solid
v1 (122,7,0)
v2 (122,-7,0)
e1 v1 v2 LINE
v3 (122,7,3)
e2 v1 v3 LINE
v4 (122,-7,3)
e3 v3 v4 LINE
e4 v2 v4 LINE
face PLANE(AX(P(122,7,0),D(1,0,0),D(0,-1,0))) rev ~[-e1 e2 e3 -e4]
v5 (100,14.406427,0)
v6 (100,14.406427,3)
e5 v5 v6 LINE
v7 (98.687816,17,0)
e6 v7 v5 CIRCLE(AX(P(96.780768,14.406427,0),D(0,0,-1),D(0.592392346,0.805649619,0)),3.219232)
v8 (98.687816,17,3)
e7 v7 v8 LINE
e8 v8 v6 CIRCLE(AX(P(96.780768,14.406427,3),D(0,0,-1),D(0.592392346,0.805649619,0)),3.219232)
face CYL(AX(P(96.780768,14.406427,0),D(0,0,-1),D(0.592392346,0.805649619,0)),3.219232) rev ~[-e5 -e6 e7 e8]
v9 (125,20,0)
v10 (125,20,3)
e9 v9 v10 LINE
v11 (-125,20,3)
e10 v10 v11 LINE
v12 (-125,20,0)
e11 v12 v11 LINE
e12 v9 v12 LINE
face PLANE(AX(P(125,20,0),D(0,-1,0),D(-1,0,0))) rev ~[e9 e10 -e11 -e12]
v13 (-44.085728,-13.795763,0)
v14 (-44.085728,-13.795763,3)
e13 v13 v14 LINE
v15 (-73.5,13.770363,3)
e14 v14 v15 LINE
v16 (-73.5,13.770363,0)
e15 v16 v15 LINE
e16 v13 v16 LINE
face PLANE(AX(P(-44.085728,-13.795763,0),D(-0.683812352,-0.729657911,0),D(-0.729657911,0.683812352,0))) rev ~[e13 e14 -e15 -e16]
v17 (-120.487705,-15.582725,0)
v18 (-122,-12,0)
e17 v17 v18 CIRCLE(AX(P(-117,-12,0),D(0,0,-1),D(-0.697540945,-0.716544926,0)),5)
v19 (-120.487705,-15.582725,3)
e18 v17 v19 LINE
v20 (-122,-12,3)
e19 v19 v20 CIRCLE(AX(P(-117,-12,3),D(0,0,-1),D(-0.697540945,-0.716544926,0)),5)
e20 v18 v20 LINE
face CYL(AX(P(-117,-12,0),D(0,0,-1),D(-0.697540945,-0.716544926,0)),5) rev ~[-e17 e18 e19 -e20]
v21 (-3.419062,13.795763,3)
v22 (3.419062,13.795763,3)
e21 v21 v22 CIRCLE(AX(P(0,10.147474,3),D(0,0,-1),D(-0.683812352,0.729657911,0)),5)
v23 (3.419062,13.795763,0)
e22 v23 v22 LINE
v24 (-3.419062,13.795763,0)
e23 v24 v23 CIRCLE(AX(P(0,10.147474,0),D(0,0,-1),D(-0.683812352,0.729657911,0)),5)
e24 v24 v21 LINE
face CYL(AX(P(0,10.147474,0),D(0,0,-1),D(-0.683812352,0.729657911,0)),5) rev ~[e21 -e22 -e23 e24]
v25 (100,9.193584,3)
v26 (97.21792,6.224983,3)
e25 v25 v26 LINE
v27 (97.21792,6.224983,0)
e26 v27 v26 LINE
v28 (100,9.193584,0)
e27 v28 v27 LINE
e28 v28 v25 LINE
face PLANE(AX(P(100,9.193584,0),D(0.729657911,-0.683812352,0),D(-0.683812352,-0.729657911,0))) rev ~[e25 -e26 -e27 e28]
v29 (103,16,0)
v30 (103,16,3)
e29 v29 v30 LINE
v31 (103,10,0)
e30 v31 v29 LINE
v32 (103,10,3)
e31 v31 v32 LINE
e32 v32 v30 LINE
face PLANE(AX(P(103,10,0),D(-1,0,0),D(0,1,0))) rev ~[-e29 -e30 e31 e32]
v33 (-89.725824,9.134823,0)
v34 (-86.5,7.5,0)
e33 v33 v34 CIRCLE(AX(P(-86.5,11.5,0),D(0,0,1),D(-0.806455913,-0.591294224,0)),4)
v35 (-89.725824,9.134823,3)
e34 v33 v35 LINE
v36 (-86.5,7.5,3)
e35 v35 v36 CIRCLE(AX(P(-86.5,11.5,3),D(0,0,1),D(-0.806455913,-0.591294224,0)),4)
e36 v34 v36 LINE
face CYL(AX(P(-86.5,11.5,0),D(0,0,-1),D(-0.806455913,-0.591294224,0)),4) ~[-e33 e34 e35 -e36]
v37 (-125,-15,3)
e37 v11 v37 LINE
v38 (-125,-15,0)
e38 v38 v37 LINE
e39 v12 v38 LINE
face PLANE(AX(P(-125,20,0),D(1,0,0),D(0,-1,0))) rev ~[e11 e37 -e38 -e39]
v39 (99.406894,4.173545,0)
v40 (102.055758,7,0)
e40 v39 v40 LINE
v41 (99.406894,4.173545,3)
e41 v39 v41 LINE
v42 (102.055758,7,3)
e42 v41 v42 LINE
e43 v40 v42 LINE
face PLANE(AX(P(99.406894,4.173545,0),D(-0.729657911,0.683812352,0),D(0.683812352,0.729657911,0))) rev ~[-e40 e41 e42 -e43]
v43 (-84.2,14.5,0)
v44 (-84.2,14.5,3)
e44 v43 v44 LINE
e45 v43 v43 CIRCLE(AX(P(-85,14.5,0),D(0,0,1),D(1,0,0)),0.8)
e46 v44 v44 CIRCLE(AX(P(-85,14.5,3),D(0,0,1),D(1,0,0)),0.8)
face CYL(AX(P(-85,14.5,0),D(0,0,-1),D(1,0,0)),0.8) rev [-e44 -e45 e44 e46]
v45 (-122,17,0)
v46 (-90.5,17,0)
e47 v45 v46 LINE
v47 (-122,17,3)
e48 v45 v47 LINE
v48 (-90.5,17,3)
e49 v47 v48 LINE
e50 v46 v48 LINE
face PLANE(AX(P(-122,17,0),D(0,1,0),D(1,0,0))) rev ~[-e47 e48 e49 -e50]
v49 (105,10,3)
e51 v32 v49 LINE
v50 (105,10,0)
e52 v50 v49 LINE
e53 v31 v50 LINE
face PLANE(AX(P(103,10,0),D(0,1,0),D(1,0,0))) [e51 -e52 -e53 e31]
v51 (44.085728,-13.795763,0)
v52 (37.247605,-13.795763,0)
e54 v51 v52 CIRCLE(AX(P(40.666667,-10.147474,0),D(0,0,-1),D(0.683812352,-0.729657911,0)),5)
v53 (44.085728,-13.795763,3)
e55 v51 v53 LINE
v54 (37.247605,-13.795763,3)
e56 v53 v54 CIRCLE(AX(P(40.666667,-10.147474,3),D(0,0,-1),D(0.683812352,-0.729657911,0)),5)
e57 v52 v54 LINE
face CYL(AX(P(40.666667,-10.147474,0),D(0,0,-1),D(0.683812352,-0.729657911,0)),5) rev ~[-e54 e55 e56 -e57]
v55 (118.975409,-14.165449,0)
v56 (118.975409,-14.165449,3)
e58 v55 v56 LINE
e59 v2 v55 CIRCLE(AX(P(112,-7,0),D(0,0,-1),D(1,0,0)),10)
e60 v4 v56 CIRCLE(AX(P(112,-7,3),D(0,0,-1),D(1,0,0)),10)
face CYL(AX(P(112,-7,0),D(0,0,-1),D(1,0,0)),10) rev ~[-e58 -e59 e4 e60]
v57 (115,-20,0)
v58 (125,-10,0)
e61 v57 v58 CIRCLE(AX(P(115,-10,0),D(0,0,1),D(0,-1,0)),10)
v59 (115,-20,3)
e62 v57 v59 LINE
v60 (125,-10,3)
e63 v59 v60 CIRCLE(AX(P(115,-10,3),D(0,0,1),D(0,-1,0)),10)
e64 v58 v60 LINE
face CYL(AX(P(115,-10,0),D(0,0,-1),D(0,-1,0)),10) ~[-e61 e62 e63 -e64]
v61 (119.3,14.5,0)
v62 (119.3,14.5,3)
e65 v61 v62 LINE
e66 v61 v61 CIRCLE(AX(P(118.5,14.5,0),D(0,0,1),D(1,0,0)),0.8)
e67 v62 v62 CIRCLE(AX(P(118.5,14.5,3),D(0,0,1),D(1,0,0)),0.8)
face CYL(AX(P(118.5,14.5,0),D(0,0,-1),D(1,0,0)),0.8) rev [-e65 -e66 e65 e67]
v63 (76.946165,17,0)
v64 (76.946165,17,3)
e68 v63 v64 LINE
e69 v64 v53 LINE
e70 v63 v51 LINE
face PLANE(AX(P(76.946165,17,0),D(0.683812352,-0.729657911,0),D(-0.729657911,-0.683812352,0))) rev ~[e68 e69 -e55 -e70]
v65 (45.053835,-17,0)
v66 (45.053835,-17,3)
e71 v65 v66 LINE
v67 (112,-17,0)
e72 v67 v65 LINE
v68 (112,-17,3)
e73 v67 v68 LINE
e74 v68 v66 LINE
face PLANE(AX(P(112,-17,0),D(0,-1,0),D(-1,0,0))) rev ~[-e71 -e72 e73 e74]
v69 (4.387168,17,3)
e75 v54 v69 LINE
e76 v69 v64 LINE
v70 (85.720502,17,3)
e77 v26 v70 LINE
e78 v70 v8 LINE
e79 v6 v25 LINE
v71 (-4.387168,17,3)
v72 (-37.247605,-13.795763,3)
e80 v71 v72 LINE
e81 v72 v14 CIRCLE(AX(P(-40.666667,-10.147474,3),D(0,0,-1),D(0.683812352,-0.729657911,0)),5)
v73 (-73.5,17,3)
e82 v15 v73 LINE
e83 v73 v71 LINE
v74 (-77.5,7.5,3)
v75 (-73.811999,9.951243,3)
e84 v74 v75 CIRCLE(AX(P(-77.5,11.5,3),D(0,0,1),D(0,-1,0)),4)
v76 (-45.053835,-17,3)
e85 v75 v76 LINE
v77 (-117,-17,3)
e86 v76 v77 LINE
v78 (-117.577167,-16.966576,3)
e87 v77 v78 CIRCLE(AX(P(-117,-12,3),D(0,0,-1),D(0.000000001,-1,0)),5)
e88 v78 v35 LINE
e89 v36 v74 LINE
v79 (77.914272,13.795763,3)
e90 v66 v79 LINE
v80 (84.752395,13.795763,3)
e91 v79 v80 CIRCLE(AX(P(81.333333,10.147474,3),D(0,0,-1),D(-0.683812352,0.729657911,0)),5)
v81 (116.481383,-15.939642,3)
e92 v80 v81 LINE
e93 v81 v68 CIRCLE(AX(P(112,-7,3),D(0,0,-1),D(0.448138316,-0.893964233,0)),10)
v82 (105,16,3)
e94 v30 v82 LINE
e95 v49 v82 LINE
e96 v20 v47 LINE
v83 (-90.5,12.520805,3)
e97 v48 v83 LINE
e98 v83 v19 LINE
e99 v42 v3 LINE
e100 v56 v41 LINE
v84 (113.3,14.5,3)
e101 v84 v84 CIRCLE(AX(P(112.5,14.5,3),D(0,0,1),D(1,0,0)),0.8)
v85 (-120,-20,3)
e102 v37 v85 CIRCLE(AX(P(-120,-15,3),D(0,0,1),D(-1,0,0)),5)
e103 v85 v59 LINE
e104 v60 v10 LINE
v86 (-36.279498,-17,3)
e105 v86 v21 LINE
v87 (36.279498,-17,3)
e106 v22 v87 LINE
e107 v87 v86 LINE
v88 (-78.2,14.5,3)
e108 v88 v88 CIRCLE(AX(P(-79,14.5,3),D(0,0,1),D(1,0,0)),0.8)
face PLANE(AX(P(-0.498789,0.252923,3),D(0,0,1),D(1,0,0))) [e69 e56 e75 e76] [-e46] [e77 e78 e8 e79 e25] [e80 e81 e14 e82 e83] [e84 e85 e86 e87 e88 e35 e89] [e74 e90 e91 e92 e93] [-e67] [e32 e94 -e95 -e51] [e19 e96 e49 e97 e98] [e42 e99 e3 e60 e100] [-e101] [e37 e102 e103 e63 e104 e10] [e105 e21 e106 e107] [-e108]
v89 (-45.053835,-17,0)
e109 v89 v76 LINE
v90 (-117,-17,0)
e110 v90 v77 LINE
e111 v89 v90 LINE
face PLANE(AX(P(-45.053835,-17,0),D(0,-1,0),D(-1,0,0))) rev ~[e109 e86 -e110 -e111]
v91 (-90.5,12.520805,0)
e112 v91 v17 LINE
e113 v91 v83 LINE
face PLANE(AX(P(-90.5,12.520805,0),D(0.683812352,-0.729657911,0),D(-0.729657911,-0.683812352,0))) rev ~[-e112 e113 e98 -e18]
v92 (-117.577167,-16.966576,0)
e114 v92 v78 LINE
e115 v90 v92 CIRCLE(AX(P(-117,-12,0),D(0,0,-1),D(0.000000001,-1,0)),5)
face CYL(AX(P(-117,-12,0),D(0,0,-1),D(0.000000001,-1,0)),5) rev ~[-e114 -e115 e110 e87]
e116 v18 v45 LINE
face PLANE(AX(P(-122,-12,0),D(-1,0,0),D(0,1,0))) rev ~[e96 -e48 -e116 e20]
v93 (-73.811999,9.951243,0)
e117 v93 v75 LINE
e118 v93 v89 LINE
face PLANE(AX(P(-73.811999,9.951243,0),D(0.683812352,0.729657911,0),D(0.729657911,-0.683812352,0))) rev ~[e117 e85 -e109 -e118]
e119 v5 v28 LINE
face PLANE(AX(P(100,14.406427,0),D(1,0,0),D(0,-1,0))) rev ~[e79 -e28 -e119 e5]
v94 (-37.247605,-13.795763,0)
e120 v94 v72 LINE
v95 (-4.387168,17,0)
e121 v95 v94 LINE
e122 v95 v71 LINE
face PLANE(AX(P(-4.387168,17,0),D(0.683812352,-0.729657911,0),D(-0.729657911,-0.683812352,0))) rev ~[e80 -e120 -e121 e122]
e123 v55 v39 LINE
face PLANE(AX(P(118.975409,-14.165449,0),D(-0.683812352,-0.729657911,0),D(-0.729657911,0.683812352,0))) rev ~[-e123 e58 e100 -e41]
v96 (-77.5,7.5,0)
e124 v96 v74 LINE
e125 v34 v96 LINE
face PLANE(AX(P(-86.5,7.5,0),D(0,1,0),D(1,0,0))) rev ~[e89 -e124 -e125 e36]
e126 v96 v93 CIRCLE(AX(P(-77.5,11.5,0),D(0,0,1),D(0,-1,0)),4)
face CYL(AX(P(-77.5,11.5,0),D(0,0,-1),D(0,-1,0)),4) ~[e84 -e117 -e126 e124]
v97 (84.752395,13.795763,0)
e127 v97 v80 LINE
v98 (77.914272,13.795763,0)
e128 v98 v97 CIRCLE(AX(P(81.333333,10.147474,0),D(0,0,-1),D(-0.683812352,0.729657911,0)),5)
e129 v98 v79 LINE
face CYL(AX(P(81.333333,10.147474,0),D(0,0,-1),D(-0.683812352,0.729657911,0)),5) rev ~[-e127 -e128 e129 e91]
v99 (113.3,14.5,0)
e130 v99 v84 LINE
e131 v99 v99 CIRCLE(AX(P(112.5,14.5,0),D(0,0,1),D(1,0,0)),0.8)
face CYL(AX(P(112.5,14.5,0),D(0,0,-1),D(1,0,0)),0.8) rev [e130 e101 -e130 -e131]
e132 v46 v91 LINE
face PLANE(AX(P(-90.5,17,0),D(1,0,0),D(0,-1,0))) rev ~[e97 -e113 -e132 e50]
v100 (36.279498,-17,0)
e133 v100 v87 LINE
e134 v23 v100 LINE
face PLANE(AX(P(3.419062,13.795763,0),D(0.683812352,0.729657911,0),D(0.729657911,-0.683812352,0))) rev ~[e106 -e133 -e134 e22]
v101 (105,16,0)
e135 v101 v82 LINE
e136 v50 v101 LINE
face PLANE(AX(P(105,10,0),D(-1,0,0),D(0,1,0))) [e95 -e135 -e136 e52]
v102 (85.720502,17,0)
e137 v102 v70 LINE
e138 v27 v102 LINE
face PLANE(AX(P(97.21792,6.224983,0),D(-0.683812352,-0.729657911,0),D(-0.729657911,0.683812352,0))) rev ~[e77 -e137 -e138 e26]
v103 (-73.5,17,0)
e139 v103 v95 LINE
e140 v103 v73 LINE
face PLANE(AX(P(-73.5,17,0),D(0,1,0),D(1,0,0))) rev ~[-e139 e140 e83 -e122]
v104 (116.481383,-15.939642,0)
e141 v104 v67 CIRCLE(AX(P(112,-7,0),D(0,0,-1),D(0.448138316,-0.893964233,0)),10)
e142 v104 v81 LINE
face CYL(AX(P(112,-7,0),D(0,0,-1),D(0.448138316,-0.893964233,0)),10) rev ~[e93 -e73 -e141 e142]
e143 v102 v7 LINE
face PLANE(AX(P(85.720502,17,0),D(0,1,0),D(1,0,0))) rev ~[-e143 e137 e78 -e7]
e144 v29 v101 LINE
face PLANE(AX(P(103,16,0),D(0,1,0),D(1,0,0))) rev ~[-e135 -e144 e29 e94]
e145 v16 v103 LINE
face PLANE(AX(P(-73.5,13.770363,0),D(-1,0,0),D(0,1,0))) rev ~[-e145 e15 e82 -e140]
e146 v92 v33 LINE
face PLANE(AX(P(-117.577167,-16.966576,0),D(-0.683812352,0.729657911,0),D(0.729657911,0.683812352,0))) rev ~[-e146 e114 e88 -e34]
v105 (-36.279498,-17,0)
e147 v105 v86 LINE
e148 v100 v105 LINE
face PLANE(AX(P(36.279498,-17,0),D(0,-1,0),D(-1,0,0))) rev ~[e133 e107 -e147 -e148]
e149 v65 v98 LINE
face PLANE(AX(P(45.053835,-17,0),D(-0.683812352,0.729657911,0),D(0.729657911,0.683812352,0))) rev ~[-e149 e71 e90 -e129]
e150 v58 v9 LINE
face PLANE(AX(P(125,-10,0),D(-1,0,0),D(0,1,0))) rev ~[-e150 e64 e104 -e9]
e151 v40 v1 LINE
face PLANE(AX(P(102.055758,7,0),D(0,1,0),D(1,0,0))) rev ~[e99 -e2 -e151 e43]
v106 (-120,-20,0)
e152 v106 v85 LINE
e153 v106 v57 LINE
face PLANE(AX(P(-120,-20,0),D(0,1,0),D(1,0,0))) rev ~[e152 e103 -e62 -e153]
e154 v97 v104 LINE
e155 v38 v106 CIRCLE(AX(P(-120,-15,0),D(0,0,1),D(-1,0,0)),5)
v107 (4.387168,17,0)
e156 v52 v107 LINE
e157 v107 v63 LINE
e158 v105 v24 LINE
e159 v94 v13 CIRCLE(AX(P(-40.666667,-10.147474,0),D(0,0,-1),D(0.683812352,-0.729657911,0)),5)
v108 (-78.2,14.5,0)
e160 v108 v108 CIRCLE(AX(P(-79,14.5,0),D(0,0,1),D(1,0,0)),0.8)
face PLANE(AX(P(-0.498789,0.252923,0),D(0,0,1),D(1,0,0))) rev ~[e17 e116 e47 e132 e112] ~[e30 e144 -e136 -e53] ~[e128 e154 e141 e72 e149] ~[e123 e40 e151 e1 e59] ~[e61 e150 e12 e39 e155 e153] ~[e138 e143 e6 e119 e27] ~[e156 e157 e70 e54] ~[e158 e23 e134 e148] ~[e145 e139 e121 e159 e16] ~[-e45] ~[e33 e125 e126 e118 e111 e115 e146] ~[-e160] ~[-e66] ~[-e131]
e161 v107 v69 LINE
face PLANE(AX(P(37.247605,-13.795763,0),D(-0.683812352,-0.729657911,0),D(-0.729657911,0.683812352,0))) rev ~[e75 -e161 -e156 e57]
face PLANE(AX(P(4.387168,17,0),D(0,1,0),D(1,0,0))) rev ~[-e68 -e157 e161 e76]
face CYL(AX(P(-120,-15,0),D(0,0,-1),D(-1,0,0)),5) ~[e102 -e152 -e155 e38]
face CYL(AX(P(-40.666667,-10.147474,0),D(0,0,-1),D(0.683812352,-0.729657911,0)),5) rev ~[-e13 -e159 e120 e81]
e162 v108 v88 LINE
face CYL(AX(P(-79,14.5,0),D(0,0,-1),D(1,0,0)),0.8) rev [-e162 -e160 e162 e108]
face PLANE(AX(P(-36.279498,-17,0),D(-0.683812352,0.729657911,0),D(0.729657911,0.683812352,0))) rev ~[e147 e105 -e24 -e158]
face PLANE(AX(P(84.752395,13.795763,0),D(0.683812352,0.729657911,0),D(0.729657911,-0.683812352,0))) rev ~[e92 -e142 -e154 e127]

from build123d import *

# Parameters (mm, degrees)
SKETCH_1_R      = 0.8
SKETCH_1_W      = 2
SKETCH_1_H      = 6
EXTRUDE_1_DEPTH = 3


with BuildPart() as part:
    # 草图1 → 凸台-拉伸1 (new body)
    with BuildSketch(Plane.XY):
        with BuildLine():
            Line((125, 20), (-125, 20))
            Line((-125, 20), (-125, -15))
            ThreePointArc((-125, -15), (-123.535533906, -18.535533906), (-120, -20))
            Line((-120, -20), (115, -20))
            ThreePointArc((115, -20), (122.071067812, -17.071067812), (125, -10))
            Line((125, -10), (125, 20))
        make_face()
        with BuildLine():
            Line((-117.577166779, -16.966576135), (-89.725823654, 9.134823104))
            ThreePointArc((-89.725823654, 9.134823104), (-88.308216305, 7.932037866), (-86.5, 7.5))
            Line((-86.5, 7.5), (-77.5, 7.5))
            ThreePointArc((-77.5, 7.5), (-75.2858442, 8.168706844), (-73.811998968, 9.951242954))
            Line((-73.811998968, 9.951242954), (-45.053835151, -17))
            Line((-45.053835151, -17), (-117, -17))
            ThreePointArc((-117, -17), (-117.28906688, -16.99163704), (-117.577166779, -16.966576135))
        make_face(mode=Mode.SUBTRACT)
        with BuildLine():
            Line((36.279498182, -17), (-36.279498182, -17))
            Line((-36.279498182, -17), (-3.41906176, 13.795763292))
            ThreePointArc((-3.41906176, 13.795763292), (0, 15.147473736), (3.41906176, 13.795763292))
            Line((3.41906176, 13.795763292), (36.279498182, -17))
        make_face(mode=Mode.SUBTRACT)
        with BuildLine():
            Line((112, -17), (45.053835151, -17))
            Line((45.053835151, -17), (77.914271574, 13.795763292))
            ThreePointArc((77.914271574, 13.795763292), (81.333333333, 15.147473736), (84.752395093, 13.795763292))
            Line((84.752395093, 13.795763292), (116.481383158, -15.93964233))
            ThreePointArc((116.481383158, -15.93964233), (114.302561258, -16.731300615), (112, -17))
        make_face(mode=Mode.SUBTRACT)
        with BuildLine():
            Line((-90.5, 12.520805239), (-120.487704725, -15.582724626))
            ThreePointArc((-120.487704725, -15.582724626), (-121.606436998, -13.944412041), (-122, -12))
            Line((-122, -12), (-122, 17))
            Line((-122, 17), (-90.5, 17))
            Line((-90.5, 17), (-90.5, 12.520805239))
        make_face(mode=Mode.SUBTRACT)
        with BuildLine():
            Line((-73.5, 17), (-4.387168485, 17))
            Line((-4.387168485, 17), (-37.247604907, -13.795763292))
            ThreePointArc((-37.247604907, -13.795763292), (-40.666666667, -15.147473736), (-44.085728426, -13.795763292))
            Line((-44.085728426, -13.795763292), (-73.5, 13.770363133))
            Line((-73.5, 13.770363133), (-73.5, 17))
        make_face(mode=Mode.SUBTRACT)
        with Locations((-85, 14.5)):
            Circle(SKETCH_1_R, mode=Mode.SUBTRACT)
        with Locations((-79, 14.5)):
            Circle(SKETCH_1_R, mode=Mode.SUBTRACT)
        with BuildLine():
            Line((4.387168485, 17), (76.946164849, 17))
            Line((76.946164849, 17), (44.085728426, -13.795763292))
            ThreePointArc((44.085728426, -13.795763292), (40.666666667, -15.147473736), (37.247604907, -13.795763292))
            Line((37.247604907, -13.795763292), (4.387168485, 17))
        make_face(mode=Mode.SUBTRACT)
        with BuildLine():
            ThreePointArc((122, -7), (121.212873995, -10.888824083), (118.975409451, -14.165449253))
            Line((118.975409451, -14.165449253), (99.406893969, 4.173545488))
            Line((99.406893969, 4.173545488), (102.055757879, 7))
            Line((102.055757879, 7), (122, 7))
            Line((122, 7), (122, -7))
        make_face(mode=Mode.SUBTRACT)
        with BuildLine():
            Line((100, 9.193584242), (97.217920236, 6.224982544))
            Line((97.217920236, 6.224982544), (85.720501818, 17))
            Line((85.720501818, 17), (98.687816207, 17))
            ThreePointArc((98.687816207, 17), (99.653283041, 15.859737408), (100, 14.406426589))
            Line((100, 14.406426589), (100, 9.193584242))
        make_face(mode=Mode.SUBTRACT)
        with Locations((104, 13)):
            Rectangle(SKETCH_1_W, SKETCH_1_H, mode=Mode.SUBTRACT)
        with Locations((118.5, 14.5)):
            Circle(SKETCH_1_R, mode=Mode.SUBTRACT)
        with Locations((112.5, 14.5)):
            Circle(SKETCH_1_R, mode=Mode.SUBTRACT)
    extrude(amount=EXTRUDE_1_DEPTH)


solid = part.part
